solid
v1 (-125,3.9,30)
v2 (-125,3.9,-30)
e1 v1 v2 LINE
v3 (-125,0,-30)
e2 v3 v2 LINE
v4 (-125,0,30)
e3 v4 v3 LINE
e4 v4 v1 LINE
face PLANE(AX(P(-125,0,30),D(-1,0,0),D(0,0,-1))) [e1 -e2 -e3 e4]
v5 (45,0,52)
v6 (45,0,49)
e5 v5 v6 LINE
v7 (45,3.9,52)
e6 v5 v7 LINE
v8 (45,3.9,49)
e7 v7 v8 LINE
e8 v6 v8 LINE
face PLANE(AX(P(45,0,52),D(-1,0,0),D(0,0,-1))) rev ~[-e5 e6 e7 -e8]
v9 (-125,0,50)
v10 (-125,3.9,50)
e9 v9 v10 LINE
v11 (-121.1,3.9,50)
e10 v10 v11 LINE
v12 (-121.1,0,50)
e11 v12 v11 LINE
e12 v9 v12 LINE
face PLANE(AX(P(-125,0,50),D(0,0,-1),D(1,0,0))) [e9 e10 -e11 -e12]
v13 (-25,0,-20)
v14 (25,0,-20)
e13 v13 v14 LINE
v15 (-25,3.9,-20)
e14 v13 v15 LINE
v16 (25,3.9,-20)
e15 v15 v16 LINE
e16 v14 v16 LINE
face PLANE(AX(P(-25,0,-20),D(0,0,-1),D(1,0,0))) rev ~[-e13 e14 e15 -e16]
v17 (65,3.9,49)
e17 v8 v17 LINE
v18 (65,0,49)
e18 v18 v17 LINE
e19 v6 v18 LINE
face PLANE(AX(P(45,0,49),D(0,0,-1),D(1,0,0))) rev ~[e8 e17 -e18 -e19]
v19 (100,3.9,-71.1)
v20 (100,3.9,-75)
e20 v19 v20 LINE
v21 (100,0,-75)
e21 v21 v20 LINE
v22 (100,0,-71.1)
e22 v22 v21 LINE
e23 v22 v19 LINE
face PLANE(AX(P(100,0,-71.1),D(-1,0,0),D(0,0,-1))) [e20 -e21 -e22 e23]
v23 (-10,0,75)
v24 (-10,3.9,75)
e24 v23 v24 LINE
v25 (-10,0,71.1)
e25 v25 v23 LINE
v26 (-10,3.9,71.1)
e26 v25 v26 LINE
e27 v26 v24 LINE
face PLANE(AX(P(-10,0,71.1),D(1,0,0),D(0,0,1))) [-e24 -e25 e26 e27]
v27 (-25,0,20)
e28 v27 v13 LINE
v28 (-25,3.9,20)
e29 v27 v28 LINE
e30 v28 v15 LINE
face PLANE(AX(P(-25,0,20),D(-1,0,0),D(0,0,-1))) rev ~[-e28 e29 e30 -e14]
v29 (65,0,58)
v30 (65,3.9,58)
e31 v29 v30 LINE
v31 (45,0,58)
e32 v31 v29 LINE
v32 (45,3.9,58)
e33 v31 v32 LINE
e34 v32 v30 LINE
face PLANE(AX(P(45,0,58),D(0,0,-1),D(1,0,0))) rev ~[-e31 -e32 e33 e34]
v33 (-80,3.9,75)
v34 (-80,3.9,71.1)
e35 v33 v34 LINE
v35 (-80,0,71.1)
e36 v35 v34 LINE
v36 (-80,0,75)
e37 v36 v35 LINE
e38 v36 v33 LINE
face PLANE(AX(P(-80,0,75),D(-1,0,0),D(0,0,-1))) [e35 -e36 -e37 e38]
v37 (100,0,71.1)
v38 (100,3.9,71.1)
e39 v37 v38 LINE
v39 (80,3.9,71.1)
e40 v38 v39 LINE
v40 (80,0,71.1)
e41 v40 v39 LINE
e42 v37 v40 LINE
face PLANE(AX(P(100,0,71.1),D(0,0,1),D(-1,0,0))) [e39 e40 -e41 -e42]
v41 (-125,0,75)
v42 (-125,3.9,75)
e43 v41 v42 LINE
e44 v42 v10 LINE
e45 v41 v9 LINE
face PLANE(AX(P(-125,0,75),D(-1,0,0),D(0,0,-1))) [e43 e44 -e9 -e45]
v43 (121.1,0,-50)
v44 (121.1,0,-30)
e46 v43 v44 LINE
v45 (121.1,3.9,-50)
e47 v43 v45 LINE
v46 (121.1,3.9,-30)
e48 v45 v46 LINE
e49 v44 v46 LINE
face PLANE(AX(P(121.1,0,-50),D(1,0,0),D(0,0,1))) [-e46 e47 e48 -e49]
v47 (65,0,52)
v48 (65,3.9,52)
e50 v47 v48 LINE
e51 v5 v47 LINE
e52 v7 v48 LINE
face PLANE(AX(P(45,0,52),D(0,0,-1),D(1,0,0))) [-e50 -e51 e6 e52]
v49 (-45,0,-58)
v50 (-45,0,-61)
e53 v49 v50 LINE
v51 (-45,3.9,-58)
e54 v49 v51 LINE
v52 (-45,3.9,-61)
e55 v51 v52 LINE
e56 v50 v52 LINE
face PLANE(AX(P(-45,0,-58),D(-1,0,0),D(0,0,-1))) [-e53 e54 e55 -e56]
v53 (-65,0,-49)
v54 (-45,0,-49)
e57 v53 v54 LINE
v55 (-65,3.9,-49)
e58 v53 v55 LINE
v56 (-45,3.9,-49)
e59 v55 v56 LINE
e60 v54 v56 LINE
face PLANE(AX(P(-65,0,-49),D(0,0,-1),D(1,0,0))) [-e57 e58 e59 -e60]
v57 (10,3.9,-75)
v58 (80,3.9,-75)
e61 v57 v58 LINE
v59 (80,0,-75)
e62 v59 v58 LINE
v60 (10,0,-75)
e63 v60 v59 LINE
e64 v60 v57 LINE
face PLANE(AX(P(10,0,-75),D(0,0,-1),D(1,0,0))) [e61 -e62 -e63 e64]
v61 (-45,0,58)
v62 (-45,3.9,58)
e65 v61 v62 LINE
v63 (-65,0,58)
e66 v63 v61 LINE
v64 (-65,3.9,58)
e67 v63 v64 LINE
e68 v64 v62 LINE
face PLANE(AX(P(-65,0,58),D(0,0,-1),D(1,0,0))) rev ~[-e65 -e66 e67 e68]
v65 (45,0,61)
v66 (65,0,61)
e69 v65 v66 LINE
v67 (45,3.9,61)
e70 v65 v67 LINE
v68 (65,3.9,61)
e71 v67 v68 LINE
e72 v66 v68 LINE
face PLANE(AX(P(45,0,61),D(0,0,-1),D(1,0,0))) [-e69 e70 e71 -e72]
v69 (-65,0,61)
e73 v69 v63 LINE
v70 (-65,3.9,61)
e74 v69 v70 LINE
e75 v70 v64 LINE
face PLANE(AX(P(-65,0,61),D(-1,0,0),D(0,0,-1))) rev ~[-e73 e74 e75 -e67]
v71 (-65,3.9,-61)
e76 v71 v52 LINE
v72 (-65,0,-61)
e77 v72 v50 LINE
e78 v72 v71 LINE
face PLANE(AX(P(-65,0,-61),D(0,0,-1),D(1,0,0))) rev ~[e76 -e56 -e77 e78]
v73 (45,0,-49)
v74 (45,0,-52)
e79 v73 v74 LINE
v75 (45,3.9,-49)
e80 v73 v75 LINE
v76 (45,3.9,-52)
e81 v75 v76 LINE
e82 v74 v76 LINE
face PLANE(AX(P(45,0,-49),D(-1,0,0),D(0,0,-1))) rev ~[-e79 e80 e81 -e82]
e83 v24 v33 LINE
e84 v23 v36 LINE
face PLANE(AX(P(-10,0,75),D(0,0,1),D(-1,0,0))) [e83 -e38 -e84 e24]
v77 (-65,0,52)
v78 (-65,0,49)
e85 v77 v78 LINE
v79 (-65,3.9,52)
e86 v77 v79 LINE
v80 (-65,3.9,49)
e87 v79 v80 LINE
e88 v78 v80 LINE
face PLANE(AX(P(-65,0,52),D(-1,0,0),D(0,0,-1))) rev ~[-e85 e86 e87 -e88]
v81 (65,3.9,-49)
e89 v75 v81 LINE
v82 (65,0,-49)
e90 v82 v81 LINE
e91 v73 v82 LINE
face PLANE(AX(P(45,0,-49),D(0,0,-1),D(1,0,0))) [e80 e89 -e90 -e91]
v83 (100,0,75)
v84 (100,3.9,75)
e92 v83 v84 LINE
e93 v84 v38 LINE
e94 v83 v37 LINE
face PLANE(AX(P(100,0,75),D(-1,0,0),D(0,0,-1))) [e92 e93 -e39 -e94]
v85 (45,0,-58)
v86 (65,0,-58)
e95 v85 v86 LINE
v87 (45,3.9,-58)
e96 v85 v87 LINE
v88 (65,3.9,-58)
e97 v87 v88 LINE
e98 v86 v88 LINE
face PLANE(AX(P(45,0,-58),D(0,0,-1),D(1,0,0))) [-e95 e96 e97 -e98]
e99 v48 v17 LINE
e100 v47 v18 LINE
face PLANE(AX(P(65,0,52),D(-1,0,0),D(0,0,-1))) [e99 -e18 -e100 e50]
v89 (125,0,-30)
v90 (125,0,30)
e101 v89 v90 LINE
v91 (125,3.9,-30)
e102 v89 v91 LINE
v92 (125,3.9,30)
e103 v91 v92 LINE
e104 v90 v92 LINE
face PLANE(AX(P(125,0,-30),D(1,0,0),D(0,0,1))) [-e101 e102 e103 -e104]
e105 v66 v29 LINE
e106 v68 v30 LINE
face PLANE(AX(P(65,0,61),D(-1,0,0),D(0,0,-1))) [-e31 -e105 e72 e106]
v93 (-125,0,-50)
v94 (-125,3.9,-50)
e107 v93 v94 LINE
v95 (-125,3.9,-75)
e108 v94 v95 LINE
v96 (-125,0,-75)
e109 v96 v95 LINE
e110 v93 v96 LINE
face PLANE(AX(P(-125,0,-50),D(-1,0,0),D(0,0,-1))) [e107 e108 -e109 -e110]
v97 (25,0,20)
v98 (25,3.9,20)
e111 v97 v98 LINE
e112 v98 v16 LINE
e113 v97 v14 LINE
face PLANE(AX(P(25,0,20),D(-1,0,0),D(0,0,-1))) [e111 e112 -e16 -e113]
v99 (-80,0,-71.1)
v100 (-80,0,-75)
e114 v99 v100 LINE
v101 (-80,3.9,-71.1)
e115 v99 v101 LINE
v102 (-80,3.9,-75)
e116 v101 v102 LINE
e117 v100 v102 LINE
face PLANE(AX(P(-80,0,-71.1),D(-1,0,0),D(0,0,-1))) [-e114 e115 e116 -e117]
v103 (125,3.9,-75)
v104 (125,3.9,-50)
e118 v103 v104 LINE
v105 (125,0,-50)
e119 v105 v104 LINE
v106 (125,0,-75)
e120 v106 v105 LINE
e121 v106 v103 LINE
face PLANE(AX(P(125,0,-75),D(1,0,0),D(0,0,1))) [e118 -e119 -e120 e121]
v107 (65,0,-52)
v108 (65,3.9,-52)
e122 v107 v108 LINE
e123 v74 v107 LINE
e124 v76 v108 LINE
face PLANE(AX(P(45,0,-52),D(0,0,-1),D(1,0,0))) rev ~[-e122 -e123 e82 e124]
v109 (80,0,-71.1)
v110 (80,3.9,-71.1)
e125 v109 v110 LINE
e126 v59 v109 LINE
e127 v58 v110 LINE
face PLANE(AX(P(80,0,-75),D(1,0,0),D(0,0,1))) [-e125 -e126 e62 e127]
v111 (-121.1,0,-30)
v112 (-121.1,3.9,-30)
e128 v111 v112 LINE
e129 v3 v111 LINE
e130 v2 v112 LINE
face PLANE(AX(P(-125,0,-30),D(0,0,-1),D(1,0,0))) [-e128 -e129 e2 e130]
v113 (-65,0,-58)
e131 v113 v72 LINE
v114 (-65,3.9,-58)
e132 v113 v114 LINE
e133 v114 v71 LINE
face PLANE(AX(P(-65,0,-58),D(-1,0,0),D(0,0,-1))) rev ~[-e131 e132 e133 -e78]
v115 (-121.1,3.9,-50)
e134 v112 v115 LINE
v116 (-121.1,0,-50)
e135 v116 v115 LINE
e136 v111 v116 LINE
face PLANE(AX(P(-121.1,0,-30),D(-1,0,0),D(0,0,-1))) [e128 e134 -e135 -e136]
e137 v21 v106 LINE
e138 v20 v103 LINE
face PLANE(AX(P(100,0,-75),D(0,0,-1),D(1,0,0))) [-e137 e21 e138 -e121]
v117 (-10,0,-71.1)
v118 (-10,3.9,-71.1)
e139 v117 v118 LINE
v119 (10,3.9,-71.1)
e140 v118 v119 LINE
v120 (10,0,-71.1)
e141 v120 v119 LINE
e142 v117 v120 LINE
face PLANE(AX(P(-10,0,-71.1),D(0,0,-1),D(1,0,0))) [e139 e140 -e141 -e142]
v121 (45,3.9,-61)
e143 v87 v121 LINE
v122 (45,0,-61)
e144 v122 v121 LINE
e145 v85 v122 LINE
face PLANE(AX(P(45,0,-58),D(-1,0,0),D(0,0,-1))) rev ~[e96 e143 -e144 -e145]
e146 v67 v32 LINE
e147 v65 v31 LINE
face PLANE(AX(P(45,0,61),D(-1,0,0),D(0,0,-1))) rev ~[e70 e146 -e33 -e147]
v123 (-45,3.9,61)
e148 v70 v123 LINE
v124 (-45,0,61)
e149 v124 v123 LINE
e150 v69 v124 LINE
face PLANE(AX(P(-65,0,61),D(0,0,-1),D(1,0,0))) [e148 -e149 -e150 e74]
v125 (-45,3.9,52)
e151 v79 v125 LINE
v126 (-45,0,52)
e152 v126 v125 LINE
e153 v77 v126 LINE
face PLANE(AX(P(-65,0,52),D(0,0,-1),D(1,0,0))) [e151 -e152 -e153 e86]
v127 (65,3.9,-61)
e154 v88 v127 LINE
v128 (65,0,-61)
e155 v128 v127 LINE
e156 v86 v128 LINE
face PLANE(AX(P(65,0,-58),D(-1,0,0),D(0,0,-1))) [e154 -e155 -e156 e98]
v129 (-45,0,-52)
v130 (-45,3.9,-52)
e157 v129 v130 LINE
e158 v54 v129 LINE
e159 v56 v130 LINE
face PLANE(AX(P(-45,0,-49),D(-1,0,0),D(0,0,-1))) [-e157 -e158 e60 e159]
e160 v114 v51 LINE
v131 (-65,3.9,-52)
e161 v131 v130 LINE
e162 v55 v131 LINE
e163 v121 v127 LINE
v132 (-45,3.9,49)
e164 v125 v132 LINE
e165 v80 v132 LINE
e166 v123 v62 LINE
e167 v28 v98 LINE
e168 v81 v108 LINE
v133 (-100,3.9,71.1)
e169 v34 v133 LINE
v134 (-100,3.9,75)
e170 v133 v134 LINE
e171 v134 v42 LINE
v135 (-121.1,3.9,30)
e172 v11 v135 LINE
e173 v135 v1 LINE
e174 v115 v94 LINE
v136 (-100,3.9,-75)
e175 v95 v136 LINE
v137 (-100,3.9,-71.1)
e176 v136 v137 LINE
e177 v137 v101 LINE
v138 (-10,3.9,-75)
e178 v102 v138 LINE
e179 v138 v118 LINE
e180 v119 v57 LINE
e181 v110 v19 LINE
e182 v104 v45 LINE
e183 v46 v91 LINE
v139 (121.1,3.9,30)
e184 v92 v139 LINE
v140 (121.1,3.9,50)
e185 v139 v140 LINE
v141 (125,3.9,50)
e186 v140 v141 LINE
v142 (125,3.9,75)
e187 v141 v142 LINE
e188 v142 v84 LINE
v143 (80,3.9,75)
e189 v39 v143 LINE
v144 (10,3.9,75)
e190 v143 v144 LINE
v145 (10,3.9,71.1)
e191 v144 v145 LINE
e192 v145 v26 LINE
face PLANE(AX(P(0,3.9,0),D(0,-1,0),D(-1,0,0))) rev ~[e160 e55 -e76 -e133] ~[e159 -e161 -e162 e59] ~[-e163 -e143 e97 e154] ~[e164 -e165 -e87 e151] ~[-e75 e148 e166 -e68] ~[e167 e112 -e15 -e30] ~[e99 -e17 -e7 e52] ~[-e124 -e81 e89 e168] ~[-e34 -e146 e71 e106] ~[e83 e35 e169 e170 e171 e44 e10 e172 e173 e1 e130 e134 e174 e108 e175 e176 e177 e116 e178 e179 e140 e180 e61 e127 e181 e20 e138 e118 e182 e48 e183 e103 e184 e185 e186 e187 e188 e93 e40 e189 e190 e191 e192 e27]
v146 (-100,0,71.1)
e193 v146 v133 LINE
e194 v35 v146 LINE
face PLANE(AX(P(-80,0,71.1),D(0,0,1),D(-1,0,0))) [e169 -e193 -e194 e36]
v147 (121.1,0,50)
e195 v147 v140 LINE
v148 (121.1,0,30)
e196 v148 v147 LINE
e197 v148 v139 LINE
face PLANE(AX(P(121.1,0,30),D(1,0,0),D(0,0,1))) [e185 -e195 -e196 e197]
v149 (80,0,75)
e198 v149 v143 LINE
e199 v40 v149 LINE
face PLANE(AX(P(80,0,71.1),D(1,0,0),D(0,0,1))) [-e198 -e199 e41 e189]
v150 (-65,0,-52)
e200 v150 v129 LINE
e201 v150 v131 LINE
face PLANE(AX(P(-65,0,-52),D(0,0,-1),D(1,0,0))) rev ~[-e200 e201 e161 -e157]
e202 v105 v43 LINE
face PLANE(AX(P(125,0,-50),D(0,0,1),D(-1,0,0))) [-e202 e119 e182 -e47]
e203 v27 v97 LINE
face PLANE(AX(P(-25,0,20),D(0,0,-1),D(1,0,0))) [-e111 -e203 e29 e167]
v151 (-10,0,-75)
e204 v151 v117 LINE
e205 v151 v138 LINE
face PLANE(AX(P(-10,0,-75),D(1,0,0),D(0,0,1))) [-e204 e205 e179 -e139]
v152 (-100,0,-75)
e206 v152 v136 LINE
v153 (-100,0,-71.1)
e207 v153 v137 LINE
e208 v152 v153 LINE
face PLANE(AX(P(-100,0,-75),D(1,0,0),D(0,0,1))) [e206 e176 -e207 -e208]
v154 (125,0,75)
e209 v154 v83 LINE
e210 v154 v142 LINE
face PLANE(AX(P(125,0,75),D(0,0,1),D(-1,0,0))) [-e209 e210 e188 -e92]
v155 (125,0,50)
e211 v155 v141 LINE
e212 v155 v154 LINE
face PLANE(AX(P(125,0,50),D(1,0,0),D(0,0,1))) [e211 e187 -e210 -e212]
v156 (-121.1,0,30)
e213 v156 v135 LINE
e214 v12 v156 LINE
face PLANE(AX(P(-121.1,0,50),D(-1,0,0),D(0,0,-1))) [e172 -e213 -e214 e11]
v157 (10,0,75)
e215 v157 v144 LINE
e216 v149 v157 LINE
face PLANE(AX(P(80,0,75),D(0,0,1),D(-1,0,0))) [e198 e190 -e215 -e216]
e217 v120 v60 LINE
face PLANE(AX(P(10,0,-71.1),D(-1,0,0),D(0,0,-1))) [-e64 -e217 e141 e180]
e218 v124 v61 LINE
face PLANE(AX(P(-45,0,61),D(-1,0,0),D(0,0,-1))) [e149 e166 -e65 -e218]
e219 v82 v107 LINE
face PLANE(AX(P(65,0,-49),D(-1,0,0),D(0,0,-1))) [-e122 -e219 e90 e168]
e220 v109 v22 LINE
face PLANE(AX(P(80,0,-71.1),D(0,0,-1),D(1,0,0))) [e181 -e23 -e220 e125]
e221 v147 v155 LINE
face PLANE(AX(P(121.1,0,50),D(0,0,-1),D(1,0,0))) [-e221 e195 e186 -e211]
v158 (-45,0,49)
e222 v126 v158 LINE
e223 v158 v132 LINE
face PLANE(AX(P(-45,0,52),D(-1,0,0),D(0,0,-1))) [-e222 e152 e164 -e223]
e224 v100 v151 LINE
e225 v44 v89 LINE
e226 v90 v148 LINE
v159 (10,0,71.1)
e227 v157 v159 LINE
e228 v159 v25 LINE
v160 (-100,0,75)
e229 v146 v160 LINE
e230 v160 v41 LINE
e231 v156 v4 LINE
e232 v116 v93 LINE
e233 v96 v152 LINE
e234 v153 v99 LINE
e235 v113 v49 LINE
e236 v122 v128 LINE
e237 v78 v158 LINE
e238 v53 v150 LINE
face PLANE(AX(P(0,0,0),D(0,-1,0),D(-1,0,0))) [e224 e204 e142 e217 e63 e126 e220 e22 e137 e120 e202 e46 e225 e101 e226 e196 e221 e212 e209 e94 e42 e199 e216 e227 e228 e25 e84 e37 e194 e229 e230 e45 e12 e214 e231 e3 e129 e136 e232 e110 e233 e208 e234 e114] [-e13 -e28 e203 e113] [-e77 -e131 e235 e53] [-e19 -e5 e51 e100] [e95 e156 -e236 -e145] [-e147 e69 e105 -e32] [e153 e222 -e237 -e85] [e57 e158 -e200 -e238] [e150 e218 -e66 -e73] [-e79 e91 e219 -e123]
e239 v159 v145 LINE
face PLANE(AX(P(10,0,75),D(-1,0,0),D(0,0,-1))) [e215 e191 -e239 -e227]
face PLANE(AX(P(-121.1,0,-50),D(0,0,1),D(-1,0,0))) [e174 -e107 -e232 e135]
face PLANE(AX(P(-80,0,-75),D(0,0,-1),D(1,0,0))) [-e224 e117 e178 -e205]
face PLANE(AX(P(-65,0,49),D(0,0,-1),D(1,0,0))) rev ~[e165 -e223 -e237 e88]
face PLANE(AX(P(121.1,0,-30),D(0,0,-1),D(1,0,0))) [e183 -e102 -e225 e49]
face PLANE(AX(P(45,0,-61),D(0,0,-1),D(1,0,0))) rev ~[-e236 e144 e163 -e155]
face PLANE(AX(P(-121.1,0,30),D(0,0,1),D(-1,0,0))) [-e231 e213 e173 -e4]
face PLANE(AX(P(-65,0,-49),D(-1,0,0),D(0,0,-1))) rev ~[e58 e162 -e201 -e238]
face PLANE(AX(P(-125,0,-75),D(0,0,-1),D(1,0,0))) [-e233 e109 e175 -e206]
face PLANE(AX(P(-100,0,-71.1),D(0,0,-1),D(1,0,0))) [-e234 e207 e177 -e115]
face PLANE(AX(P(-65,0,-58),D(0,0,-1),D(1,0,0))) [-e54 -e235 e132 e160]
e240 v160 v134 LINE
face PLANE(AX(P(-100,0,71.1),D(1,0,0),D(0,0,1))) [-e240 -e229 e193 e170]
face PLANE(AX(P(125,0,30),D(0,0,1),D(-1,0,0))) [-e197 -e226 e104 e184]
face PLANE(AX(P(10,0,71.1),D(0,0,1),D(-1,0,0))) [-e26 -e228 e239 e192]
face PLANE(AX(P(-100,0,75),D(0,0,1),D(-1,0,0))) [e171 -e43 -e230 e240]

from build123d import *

# Parameters (mm, degrees)
SKETCH1_W           = 20
SKETCH1_H           = 3
SKETCH1_W_2         = 50
SKETCH1_H_2         = 40
BOSS_EXTRUDE1_DEPTH = 3.9


with BuildPart() as part:
    # Sketch1 → Boss-Extrude1 (new body)
    with BuildSketch(Plane(origin=(0, 0, 0), x_dir=(1, 0, 0), z_dir=(0, 1, 0))):
        Polygon((-125, 75), (-100, 75), (-100, 71.1), (-80, 71.1), (-80, 75), (-10, 75), (-10, 71.1), (10, 71.1), (10, 75), (80, 75), (80, 71.1), (100, 71.1), (100, 75), (125, 75), (125, 50), (121.1, 50), (121.1, 30), (125, 30), (125, -30), (121.1, -30), (121.1, -50), (125, -50), (125, -75), (100, -75), (100, -71.1), (80, -71.1), (80, -75), (10, -75), (10, -71.1), (-10, -71.1), (-10, -75), (-80, -75), (-80, -71.1), (-100, -71.1), (-100, -75), (-125, -75), (-125, -50), (-121.1, -50), (-121.1, -30), (-125, -30), (-125, 30), (-121.1, 30), (-121.1, 50), (-125, 50), align=None)
        with Locations((-55, -50.5)):
            Rectangle(SKETCH1_W, SKETCH1_H, mode=Mode.SUBTRACT)
        with Locations((-55, -59.5)):
            Rectangle(SKETCH1_W, SKETCH1_H, mode=Mode.SUBTRACT)
        Rectangle(SKETCH1_W_2, SKETCH1_H_2, mode=Mode.SUBTRACT)
        with Locations((55, -59.5)):
            Rectangle(SKETCH1_W, SKETCH1_H, mode=Mode.SUBTRACT)
        with Locations((55, -50.5)):
            Rectangle(SKETCH1_W, SKETCH1_H, mode=Mode.SUBTRACT)
        with Locations((55, 50.5)):
            Rectangle(SKETCH1_W, SKETCH1_H, mode=Mode.SUBTRACT)
        with Locations((55, 59.5)):
            Rectangle(SKETCH1_W, SKETCH1_H, mode=Mode.SUBTRACT)
        with Locations((-55, 59.5)):
            Rectangle(SKETCH1_W, SKETCH1_H, mode=Mode.SUBTRACT)
        with Locations((-55, 50.5)):
            Rectangle(SKETCH1_W, SKETCH1_H, mode=Mode.SUBTRACT)
    extrude(amount=BOSS_EXTRUDE1_DEPTH)


solid = part.part
